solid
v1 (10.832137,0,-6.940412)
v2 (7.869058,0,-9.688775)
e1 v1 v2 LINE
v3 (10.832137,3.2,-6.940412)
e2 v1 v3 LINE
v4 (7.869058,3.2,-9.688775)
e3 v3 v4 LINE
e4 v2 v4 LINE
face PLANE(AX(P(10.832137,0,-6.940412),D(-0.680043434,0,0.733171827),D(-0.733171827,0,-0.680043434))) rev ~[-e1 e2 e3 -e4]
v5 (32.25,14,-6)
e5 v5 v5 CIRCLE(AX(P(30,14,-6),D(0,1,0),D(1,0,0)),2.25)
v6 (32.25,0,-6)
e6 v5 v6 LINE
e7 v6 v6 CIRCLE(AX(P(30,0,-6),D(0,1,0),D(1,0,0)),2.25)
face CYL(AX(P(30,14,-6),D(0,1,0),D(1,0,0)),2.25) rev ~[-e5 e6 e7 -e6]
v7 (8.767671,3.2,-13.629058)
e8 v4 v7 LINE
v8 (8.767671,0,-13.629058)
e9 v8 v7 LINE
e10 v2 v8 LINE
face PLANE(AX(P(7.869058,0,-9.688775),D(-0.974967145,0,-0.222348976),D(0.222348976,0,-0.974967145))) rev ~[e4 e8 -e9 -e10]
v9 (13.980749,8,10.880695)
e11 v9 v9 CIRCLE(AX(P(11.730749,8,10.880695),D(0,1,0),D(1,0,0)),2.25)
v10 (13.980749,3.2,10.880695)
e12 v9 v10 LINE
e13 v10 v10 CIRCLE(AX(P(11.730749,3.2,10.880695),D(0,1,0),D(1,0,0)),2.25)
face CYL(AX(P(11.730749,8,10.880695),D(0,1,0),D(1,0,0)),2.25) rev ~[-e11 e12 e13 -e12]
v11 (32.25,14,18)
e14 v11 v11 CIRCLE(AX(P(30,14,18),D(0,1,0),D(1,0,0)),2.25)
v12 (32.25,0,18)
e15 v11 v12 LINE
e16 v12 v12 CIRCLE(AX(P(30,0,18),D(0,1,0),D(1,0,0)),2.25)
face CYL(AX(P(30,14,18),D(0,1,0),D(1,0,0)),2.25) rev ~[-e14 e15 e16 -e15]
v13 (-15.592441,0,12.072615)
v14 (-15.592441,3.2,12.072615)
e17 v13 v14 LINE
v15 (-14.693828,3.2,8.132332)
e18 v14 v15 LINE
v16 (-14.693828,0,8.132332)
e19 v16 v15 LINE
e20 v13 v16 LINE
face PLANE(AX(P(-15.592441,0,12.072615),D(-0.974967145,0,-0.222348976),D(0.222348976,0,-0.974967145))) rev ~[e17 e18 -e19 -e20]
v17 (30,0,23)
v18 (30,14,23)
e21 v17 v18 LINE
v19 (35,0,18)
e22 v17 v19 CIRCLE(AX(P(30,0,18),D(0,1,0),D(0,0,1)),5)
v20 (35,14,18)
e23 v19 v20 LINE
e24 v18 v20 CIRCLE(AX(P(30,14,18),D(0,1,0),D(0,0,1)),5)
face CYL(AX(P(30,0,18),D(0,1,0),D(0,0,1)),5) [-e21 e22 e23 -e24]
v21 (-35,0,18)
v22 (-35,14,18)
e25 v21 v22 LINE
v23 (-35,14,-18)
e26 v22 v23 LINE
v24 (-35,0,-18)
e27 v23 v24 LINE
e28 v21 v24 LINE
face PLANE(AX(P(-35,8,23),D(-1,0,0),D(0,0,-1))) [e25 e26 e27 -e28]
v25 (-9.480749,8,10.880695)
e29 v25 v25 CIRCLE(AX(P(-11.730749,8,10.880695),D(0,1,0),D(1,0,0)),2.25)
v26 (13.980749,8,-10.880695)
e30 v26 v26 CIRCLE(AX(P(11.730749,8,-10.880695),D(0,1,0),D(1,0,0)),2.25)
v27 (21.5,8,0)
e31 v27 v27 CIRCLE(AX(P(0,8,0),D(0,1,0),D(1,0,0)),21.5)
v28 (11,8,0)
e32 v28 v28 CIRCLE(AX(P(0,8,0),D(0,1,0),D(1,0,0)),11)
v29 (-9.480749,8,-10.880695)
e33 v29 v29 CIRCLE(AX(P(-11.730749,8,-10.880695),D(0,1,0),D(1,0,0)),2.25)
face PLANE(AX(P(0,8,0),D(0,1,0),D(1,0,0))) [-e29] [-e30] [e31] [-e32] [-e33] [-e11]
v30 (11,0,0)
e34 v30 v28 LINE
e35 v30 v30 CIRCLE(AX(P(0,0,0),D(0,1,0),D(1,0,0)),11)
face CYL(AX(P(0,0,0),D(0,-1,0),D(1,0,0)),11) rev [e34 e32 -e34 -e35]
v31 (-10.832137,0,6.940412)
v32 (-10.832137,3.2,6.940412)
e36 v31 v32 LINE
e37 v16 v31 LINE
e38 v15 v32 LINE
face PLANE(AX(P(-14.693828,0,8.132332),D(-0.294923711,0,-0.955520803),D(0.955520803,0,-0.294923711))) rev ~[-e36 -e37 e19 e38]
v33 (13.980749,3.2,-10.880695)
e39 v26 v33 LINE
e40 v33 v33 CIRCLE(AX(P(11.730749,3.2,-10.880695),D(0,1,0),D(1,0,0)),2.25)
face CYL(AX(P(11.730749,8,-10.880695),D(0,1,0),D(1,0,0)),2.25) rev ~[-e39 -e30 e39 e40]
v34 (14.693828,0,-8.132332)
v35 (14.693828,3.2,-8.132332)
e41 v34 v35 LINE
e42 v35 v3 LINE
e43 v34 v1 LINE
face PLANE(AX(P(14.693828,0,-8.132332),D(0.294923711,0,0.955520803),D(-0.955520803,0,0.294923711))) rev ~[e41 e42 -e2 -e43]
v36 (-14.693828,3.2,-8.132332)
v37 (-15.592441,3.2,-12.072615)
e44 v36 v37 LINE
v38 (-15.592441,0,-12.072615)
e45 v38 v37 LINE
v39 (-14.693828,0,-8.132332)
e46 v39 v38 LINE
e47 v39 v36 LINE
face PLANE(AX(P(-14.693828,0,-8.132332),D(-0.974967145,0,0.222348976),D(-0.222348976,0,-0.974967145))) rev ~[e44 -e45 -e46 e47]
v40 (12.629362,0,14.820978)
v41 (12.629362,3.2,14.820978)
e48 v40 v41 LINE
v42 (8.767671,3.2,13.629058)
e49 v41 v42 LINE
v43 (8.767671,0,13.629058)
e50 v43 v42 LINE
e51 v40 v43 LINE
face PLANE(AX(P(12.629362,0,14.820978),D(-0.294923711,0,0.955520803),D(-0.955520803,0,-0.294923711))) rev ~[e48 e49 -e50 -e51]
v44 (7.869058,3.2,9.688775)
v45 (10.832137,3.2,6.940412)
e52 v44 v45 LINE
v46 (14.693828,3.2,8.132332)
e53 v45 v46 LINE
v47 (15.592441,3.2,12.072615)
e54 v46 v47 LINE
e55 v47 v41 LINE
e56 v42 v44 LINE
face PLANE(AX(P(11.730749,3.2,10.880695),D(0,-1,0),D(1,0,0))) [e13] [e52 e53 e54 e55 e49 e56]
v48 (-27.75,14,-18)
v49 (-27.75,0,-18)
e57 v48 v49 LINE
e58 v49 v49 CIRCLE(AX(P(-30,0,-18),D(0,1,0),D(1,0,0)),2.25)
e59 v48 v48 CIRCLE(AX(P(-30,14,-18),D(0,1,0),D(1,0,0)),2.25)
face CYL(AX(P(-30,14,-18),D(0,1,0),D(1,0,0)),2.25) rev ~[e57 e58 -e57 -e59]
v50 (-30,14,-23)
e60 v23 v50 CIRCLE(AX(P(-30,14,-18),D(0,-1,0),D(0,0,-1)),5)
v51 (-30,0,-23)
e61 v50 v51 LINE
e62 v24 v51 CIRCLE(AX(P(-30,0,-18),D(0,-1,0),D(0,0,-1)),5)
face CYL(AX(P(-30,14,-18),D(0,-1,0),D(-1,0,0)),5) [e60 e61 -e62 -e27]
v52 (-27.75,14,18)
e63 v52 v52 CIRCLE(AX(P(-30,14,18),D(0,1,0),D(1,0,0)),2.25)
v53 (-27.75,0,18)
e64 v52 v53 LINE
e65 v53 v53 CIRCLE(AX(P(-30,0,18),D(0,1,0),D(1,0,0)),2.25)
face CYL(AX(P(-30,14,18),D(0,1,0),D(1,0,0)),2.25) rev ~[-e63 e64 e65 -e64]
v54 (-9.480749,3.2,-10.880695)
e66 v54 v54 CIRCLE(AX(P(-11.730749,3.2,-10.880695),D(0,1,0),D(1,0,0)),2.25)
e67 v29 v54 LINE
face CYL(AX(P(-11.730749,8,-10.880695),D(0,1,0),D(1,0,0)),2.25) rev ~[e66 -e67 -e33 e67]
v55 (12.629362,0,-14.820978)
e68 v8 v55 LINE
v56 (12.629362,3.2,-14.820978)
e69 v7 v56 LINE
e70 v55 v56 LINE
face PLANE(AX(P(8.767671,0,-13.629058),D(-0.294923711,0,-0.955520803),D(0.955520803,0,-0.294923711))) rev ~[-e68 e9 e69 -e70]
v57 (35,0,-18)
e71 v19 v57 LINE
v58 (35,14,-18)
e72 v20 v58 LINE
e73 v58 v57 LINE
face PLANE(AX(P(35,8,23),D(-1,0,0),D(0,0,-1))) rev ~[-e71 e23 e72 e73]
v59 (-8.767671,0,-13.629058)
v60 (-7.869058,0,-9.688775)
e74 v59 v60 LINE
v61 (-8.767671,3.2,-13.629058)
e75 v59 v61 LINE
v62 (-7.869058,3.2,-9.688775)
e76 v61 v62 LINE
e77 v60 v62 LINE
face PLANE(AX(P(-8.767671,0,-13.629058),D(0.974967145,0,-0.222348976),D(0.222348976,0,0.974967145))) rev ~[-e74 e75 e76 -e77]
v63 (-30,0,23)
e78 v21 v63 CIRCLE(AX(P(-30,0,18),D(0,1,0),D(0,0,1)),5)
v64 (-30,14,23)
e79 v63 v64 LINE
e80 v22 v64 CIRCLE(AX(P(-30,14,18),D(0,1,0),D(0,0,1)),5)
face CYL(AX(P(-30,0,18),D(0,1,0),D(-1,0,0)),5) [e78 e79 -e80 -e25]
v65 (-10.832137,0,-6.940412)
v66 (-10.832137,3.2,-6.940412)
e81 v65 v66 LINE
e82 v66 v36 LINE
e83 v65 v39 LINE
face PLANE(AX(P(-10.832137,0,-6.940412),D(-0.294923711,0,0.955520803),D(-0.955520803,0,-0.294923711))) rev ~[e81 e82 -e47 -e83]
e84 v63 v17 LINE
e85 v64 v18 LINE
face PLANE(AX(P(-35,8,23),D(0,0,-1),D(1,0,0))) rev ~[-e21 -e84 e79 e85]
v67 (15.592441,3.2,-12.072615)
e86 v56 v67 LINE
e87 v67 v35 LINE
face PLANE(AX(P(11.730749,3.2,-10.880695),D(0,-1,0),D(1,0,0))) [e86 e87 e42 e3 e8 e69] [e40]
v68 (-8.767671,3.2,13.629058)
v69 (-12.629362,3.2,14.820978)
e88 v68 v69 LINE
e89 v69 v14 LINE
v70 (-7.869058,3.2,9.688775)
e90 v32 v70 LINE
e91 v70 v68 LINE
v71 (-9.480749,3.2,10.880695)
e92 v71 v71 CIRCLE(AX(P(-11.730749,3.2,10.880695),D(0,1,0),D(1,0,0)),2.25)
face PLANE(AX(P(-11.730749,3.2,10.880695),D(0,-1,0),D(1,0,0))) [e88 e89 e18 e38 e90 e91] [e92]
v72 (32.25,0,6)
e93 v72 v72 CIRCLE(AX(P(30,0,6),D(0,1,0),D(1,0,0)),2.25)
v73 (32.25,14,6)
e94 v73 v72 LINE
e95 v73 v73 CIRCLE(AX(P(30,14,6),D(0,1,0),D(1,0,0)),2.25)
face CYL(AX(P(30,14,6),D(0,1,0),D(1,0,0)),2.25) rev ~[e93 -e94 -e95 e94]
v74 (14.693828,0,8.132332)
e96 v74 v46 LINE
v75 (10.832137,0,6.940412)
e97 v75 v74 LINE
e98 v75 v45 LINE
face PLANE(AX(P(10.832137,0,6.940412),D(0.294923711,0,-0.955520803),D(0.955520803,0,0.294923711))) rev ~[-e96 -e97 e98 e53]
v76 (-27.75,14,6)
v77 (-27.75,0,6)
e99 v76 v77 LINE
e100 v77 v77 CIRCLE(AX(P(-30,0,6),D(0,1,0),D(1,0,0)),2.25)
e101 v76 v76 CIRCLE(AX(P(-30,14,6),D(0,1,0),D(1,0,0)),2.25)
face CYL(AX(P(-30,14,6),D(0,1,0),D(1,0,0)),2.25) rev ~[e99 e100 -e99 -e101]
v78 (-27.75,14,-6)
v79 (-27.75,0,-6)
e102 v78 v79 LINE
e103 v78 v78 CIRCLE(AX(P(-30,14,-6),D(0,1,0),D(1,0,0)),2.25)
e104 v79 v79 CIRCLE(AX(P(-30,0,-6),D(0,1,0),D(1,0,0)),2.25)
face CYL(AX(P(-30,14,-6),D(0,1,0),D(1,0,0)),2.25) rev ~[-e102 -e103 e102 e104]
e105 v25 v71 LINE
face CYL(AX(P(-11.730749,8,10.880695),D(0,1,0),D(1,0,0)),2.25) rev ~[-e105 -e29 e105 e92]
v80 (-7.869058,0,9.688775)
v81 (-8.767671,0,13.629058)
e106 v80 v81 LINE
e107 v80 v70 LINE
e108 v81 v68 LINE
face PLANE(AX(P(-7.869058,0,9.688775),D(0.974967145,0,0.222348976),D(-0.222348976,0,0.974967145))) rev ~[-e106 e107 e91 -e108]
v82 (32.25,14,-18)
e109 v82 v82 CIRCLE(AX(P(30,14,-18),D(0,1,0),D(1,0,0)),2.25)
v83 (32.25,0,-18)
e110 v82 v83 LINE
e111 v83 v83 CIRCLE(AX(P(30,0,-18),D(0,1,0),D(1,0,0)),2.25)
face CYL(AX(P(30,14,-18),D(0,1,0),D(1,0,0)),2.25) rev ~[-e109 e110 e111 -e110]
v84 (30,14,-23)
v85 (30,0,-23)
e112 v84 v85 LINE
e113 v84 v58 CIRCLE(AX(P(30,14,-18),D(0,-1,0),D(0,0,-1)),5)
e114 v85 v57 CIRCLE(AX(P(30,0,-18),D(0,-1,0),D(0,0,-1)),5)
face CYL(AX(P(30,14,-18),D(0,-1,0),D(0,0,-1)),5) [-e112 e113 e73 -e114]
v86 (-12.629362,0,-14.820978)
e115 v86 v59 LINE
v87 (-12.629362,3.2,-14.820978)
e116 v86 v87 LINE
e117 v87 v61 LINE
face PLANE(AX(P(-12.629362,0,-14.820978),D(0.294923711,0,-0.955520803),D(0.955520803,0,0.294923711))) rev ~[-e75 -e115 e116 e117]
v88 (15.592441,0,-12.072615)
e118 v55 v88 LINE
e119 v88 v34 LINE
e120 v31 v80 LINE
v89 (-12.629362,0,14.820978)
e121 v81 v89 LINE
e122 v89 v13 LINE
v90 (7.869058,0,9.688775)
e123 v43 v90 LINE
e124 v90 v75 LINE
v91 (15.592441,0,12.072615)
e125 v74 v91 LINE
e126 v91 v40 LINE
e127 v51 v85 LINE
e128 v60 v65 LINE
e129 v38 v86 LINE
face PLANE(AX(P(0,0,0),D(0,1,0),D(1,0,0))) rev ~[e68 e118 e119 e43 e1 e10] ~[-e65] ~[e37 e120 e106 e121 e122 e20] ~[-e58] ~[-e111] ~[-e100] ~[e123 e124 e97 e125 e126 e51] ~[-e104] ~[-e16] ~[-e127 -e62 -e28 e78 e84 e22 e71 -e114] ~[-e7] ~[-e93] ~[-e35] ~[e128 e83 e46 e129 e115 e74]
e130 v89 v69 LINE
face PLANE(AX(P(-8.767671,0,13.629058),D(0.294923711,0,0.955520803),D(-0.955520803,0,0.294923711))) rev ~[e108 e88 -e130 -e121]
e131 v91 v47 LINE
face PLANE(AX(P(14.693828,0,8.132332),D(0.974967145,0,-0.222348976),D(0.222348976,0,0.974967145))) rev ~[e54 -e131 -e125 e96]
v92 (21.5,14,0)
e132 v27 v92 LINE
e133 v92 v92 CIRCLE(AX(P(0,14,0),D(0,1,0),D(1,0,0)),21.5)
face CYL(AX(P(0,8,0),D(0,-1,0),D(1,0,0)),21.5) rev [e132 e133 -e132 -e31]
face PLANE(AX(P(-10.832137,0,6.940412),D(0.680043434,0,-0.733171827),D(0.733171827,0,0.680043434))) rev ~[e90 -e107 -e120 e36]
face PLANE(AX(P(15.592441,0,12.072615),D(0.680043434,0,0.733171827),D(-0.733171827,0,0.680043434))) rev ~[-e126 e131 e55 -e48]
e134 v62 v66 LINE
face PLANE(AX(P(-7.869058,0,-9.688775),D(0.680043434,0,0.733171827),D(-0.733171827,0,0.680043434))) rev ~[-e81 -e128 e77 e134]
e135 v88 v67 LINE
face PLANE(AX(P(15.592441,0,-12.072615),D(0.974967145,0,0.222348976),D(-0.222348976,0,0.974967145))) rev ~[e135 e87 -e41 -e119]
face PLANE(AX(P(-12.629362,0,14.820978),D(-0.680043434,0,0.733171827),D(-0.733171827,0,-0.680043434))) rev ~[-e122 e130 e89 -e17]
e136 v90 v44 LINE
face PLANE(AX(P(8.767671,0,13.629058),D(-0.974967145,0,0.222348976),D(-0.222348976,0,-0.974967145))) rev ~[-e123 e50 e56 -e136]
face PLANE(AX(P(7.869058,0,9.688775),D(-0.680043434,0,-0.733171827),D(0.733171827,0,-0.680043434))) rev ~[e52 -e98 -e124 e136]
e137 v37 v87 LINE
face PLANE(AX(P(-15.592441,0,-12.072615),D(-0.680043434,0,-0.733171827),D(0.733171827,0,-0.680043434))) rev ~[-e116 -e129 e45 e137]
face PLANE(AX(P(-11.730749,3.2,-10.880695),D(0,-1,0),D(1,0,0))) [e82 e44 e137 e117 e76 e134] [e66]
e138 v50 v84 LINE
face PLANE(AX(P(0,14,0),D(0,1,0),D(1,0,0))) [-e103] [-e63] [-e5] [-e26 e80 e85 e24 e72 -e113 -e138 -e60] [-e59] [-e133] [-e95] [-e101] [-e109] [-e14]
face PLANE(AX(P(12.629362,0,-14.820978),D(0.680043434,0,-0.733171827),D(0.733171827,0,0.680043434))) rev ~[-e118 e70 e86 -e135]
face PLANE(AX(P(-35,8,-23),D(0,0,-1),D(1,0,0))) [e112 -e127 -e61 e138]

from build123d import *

# Parameters (mm, degrees)
SKETCH1_W           = 70
SKETCH1_H           = 46
SKETCH1_R           = 11
BOSS_EXTRUDE1_DEPTH = 8
SKETCH2_W           = 70
SKETCH2_H           = 46
SKETCH2_R           = 21.5
BOSS_EXTRUDE2_DEPTH = 6
SKETCH3_R           = 2.25
CUT_EXTRUDE1_DEPTH  = 9
CUT_EXTRUDE2_DEPTH  = 3.2
FILLET1_R           = 5
SKETCH6_R           = 2.25
CUT_EXTRUDE3_DEPTH  = 15


with BuildPart() as part:
    # Sketch1 → Boss-Extrude1 (new body)
    with BuildSketch(Plane(origin=(0, 0, 0), x_dir=(1, 0, 0), z_dir=(0, 1, 0))):
        Rectangle(SKETCH1_W, SKETCH1_H)
        Circle(SKETCH1_R, mode=Mode.SUBTRACT)
    extrude(amount=BOSS_EXTRUDE1_DEPTH)

    # Sketch2 → Boss-Extrude2 (add)
    with BuildSketch(Plane(origin=(0, 8, 0), x_dir=(1, 0, 0), z_dir=(0, 1, 0))):
        Rectangle(SKETCH2_W, SKETCH2_H)
        Circle(SKETCH2_R, mode=Mode.SUBTRACT)
    extrude(amount=BOSS_EXTRUDE2_DEPTH)

    # Sketch3 → Cut-Extrude1 (cut, through all)
    with BuildSketch(Plane(origin=(0, 8, 0), x_dir=(1, 0, 0), z_dir=(0, 1, 0))):
        with Locations((-11.730749234, 10.880694942)):
            Circle(SKETCH3_R)
        with Locations((11.730749234, 10.880694942)):
            Circle(SKETCH3_R)
        with Locations((11.730749234, -10.880694942)):
            Circle(SKETCH3_R)
        with Locations((-11.730749234, -10.880694942)):
            Circle(SKETCH3_R)
    extrude(amount=-CUT_EXTRUDE1_DEPTH, mode=Mode.SUBTRACT)

    # Sketch5 → Cut-Extrude2 (cut)
    with BuildSketch(Plane.XZ):
        Polygon((-12.629361921, 14.820977745), (-15.592440583, 12.072614928), (-14.693827896, 8.132332124), (-10.832136547, 6.940412138), (-7.869057884, 9.688774955), (-8.767670572, 13.629057759), align=None)
        Polygon((-10.832136547, -6.940412138), (-14.693827896, -8.132332124), (-15.592440583, -12.072614928), (-12.629361921, -14.820977745), (-8.767670572, -13.629057759), (-7.869057884, -9.688774955), align=None)
        Polygon((10.832136547, -6.940412138), (7.869057884, -9.688774955), (8.767670572, -13.629057759), (12.629361921, -14.820977745), (15.592440583, -12.072614928), (14.693827896, -8.132332124), align=None)
        Polygon((7.869057884, 9.688774955), (10.832136547, 6.940412138), (14.693827896, 8.132332124), (15.592440583, 12.072614928), (12.629361921, 14.820977745), (8.767670572, 13.629057759), align=None)
    extrude(amount=-CUT_EXTRUDE2_DEPTH, mode=Mode.SUBTRACT)

    # Fillet1
    fillet1_edges = [part.edges().sort_by_distance(p)[0] for p in [
        (35, 7, 23),
        (-35, 7, 23),
        (-35, 7, -23),
        (35, 7, -23),
    ]]
    fillet(fillet1_edges, radius=FILLET1_R)

    # Sketch6 → Cut-Extrude3 (cut, through all)
    with BuildSketch(Plane(origin=(0, 14, 0), x_dir=(1, 0, 0), z_dir=(0, 1, 0))):
        with Locations((-30, 18)):
            Circle(SKETCH6_R)
        with Locations((-30, -18)):
            Circle(SKETCH6_R)
        with Locations((30, -18)):
            Circle(SKETCH6_R)
        with Locations((30, 18)):
            Circle(SKETCH6_R)
        with Locations((-30, 6)):
            Circle(SKETCH6_R)
        with Locations((-30, -6)):
            Circle(SKETCH6_R)
        with Locations((30, -6)):
            Circle(SKETCH6_R)
        with Locations((30, 6)):
            Circle(SKETCH6_R)
    extrude(amount=-CUT_EXTRUDE3_DEPTH, mode=Mode.SUBTRACT)


solid = part.part
